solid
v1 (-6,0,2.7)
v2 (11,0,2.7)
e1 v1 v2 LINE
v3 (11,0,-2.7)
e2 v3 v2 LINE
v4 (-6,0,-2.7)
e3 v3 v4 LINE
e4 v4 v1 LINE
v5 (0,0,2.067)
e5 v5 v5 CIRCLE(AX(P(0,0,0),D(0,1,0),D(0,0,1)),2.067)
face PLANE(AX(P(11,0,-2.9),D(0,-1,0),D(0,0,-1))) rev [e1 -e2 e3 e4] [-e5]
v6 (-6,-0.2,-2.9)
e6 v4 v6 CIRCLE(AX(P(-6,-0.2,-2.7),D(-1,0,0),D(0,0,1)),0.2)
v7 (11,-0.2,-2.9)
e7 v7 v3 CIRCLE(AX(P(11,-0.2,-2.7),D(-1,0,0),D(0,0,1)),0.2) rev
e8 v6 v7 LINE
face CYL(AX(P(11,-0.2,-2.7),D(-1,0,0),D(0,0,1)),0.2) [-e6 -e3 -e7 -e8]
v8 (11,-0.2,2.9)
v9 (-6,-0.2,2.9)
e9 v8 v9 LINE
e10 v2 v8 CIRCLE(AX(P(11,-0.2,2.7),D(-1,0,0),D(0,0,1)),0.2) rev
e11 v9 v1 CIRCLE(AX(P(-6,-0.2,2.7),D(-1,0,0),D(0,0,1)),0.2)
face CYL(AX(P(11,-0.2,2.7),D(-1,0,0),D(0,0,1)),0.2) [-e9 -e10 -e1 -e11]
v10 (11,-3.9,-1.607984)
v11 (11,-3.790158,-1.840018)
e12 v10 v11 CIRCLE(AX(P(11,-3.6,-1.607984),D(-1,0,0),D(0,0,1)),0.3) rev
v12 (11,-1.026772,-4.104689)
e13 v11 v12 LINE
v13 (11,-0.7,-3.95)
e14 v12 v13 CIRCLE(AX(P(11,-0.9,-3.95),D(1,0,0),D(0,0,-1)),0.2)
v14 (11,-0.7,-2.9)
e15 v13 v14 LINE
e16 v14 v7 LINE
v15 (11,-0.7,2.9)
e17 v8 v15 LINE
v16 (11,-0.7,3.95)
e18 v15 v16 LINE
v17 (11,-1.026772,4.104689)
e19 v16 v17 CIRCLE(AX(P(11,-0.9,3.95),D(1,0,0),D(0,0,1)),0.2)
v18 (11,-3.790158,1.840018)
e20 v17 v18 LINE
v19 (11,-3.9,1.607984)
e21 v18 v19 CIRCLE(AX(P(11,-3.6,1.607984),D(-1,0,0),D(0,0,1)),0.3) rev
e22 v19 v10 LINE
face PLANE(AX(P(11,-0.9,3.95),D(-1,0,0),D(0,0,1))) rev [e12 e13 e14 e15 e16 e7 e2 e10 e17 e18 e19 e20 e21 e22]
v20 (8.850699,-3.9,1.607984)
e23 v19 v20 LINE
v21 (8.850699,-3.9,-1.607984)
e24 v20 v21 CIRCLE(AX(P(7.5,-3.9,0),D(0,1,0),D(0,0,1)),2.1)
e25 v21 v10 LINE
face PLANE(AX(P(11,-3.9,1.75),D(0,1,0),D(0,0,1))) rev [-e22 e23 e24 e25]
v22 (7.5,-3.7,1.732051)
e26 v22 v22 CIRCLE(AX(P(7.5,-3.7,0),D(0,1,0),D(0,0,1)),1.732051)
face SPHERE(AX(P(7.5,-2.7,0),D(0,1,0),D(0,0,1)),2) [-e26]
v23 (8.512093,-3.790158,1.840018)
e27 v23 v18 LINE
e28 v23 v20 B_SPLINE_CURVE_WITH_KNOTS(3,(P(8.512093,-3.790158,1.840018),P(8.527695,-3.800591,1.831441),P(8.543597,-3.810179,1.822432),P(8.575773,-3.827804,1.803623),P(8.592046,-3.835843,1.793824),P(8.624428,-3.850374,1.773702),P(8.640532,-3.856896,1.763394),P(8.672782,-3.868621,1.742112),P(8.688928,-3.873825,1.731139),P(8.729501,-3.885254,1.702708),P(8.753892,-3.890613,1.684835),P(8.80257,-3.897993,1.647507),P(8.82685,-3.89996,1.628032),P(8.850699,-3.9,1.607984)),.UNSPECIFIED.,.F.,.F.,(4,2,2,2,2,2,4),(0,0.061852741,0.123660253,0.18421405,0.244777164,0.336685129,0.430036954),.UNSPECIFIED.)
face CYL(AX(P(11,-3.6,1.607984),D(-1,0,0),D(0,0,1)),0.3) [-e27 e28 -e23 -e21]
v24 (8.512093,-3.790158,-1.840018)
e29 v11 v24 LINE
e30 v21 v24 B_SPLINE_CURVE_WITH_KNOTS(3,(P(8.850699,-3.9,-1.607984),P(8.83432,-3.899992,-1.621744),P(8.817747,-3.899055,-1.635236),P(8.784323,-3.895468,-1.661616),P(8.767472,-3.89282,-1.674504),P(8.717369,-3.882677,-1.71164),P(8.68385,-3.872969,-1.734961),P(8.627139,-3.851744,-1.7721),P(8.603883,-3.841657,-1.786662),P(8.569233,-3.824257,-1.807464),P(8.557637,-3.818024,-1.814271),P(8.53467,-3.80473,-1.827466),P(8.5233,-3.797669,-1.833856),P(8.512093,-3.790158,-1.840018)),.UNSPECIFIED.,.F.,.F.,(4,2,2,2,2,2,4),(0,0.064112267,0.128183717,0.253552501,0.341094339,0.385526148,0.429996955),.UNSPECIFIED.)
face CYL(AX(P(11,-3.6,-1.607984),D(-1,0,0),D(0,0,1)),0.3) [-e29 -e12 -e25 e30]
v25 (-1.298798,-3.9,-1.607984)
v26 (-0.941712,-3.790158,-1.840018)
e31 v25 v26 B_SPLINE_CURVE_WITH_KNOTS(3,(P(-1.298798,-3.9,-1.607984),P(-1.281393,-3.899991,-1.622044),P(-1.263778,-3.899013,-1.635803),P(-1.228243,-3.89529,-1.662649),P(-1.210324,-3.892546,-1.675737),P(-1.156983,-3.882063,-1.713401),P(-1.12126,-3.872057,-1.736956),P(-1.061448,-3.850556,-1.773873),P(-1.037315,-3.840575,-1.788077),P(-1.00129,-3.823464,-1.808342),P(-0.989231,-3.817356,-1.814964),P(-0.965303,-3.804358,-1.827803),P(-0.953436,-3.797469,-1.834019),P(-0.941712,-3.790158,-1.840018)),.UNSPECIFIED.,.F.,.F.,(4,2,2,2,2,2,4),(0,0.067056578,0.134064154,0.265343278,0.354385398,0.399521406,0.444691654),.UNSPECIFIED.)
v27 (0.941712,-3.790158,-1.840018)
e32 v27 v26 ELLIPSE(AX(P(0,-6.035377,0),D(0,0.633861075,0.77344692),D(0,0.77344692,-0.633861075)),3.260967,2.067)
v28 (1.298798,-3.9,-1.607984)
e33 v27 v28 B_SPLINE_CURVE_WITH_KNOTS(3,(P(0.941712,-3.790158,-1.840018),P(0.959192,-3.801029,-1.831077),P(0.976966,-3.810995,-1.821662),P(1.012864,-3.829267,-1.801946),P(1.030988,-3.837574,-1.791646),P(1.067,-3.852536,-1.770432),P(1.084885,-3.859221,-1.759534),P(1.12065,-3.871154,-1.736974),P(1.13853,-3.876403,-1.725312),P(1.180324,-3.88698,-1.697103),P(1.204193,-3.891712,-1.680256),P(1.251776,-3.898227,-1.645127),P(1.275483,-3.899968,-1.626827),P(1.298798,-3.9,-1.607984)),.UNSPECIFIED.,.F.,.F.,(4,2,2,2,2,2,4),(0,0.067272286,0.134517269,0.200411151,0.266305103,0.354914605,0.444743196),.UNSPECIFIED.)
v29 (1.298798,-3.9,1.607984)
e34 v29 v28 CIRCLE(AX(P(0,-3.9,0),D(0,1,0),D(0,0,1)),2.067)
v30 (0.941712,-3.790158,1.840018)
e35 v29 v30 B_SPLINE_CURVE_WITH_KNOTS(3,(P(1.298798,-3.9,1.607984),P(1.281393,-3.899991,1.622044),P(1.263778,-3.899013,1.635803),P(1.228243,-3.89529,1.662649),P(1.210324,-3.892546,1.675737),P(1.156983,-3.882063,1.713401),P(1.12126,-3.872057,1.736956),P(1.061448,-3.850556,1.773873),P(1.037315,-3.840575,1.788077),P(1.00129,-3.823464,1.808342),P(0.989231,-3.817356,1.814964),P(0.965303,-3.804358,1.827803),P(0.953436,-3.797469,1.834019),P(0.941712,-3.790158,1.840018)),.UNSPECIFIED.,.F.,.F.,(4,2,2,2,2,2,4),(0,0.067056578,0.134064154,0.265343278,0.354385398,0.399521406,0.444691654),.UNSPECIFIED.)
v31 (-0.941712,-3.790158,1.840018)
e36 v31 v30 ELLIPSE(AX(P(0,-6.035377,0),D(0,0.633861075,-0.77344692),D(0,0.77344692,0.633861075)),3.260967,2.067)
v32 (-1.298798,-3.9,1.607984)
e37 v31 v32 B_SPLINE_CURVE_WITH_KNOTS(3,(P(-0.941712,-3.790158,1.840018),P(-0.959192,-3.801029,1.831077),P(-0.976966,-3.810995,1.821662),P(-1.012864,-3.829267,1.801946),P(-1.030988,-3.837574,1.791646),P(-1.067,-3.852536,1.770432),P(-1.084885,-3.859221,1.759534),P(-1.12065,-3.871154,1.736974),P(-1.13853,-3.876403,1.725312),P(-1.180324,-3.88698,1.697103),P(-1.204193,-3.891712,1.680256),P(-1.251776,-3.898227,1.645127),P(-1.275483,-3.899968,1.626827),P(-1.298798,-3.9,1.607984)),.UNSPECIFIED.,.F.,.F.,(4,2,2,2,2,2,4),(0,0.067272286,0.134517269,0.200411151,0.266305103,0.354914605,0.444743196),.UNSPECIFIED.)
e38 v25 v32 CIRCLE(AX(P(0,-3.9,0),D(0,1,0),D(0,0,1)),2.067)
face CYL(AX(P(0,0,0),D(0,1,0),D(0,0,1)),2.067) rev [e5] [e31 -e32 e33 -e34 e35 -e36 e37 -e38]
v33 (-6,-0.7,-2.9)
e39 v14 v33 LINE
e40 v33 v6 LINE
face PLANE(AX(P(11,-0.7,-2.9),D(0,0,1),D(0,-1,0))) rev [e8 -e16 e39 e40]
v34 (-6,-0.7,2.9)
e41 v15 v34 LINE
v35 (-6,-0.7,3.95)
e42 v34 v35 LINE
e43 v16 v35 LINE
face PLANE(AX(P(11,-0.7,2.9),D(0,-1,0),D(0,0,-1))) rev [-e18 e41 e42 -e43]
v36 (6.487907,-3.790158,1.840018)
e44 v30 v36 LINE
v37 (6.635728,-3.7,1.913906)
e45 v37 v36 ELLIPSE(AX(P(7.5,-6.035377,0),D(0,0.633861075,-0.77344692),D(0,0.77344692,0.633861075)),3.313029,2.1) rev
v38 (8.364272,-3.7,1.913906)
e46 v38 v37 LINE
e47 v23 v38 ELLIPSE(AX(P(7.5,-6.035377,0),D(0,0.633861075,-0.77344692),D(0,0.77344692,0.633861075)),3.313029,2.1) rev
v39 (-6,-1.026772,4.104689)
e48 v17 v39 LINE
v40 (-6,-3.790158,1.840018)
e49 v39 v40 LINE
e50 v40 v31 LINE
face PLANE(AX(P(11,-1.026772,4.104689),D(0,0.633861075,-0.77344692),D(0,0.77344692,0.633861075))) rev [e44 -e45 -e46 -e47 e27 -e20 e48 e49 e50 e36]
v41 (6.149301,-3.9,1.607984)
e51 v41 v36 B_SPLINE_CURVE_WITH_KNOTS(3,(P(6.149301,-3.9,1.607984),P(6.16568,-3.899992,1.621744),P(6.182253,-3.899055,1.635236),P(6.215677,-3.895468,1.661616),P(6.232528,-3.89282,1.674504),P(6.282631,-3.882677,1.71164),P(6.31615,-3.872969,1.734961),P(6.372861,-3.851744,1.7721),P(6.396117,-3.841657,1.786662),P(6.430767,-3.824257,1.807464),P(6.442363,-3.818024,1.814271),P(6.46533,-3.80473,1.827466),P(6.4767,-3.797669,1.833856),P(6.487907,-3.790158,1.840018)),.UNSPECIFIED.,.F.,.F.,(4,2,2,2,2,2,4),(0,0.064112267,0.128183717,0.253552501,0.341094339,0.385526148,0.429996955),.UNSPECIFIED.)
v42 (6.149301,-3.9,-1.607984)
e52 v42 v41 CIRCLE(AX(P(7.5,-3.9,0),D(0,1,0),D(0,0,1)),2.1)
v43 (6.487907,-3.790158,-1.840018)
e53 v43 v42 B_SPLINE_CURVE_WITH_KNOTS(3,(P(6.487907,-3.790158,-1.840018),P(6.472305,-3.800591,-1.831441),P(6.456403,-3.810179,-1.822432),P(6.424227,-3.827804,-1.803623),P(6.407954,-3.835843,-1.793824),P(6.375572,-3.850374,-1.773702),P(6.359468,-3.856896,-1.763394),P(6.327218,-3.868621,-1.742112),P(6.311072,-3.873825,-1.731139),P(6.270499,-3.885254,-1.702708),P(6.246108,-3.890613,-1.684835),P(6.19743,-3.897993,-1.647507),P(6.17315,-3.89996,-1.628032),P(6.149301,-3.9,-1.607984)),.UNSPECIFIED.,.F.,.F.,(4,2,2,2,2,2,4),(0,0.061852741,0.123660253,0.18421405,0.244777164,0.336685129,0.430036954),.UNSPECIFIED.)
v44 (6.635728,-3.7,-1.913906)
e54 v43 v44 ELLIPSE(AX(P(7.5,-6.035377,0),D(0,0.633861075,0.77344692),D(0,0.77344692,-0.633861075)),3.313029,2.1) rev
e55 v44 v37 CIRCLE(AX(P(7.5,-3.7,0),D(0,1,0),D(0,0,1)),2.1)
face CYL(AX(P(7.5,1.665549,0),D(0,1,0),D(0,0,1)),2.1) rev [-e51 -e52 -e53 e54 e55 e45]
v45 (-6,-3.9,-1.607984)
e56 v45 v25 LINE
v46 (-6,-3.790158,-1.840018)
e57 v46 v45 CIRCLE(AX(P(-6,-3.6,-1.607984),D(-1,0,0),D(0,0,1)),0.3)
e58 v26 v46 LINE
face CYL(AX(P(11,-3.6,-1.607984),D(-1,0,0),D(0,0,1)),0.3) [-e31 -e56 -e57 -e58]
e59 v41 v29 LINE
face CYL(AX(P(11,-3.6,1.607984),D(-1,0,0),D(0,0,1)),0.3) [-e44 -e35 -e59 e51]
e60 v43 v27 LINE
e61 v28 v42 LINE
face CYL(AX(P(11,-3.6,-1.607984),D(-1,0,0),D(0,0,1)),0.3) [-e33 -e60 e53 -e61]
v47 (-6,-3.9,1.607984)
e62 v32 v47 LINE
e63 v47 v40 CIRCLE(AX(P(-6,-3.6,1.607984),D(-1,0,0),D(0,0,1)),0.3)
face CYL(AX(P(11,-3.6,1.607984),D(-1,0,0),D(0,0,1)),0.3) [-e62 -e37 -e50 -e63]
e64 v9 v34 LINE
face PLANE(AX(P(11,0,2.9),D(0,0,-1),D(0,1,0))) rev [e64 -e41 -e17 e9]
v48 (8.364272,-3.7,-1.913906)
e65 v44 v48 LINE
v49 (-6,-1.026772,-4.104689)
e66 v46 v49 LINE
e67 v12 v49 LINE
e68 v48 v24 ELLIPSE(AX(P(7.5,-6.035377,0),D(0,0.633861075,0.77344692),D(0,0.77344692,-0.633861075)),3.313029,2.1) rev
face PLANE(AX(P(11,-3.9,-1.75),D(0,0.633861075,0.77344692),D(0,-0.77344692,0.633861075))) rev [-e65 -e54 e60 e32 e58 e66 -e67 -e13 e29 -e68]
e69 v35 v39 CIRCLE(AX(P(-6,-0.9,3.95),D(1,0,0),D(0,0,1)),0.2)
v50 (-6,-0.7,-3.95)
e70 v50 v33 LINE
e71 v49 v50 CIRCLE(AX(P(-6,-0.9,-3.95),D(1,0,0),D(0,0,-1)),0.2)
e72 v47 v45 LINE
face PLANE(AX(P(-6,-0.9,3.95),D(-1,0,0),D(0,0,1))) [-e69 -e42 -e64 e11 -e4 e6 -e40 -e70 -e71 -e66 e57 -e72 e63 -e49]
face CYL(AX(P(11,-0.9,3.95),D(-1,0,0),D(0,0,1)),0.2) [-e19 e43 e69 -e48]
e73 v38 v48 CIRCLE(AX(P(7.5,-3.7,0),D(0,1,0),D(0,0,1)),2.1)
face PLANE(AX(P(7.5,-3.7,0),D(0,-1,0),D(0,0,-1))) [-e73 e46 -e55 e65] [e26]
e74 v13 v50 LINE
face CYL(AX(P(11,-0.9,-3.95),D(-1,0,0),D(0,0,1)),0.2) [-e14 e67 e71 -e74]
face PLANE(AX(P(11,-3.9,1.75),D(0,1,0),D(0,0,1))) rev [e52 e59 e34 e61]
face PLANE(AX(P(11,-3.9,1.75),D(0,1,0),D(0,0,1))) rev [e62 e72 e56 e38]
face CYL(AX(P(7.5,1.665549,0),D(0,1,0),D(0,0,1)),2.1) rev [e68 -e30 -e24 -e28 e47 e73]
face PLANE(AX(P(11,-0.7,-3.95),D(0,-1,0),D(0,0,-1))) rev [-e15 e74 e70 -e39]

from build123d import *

# Parameters (mm, degrees)
BOSS_EXTRUDE1_DEPTH = 17
FILLET1_R           = 0.3
FILLET2_R           = 0.2
SKETCH2_W           = 2.1
SKETCH2_H           = 0.2
TAPPED_HOLE1_D      = 4.134


with BuildPart() as part:
    # Sketch1 → Boss-Extrude1 (new body)
    with BuildSketch(Plane(origin=(-6, 0, 0), x_dir=(0, 0, -1), z_dir=(1, 0, 0))):
        with BuildLine():
            Line((2.9, 0), (-2.9, 0))
            Line((-2.9, 0), (-2.9, -0.7))
            Line((-2.9, -0.7), (-3.95, -0.7))
            ThreePointArc((-3.95, -0.7), (-4.13076842, -0.814426765), (-4.104689384, -1.026772215))
            Line((-4.104689384, -1.026772215), (-1.75, -3.9))
            Line((-1.75, -3.9), (1.75, -3.9))
            Line((1.75, -3.9), (4.104689384, -1.026772215))
            ThreePointArc((4.104689384, -1.026772215), (4.13076842, -0.814426765), (3.95, -0.7))
            Line((3.95, -0.7), (2.9, -0.7))
            Line((2.9, -0.7), (2.9, 0))
        make_face()
    extrude(amount=BOSS_EXTRUDE1_DEPTH)

    # Fillet1
    fillet1_edges = [part.edges().sort_by_distance(p)[0] for p in [
        (2.5, -3.9, -1.75),
        (2.5, -3.9, 1.75),
    ]]
    fillet(fillet1_edges, radius=FILLET1_R)

    # Fillet2
    fillet2_edges = [part.edges().sort_by_distance(p)[0] for p in [
        (2.5, 0, 2.9),
        (2.5, 0, -2.9),
    ]]
    fillet(fillet2_edges, radius=FILLET2_R)

    # Sketch2 → Cut-Revolve1 (revolve, cut)
    with BuildSketch(Plane(origin=(7.5, 0, 0), x_dir=(0, 0, -1), z_dir=(1, 0, 0))):
        with Locations((1.05, -3.8)):
            Rectangle(SKETCH2_W, SKETCH2_H)
    revolve(axis=Axis((7.5, 1.665548573, 0), (0, -1, 0)), mode=Mode.SUBTRACT)

    # Sketch3 → Revolve1 (revolve)
    with BuildSketch(Plane(origin=(7.5, 0, 0), x_dir=(0, 0, -1), z_dir=(1, 0, 0))):
        with BuildLine():
            Line((1.732050808, -3.7), (0, -3.7))
            Line((0, -3.7), (0, -4.7))
            ThreePointArc((0, -4.7), (1, -4.432050808), (1.732050808, -3.7))
        make_face()
    revolve(axis=Axis((7.5, 0, 0), (0, -1, 0)))

    # Tapped Hole1 (through all)
    with Locations(Plane(origin=(0, 0, 0), x_dir=(1, 0, 0), z_dir=(0, 1, 0))):
        with Locations((0, 0)):
            Hole(TAPPED_HOLE1_D / 2)


solid = part.part
